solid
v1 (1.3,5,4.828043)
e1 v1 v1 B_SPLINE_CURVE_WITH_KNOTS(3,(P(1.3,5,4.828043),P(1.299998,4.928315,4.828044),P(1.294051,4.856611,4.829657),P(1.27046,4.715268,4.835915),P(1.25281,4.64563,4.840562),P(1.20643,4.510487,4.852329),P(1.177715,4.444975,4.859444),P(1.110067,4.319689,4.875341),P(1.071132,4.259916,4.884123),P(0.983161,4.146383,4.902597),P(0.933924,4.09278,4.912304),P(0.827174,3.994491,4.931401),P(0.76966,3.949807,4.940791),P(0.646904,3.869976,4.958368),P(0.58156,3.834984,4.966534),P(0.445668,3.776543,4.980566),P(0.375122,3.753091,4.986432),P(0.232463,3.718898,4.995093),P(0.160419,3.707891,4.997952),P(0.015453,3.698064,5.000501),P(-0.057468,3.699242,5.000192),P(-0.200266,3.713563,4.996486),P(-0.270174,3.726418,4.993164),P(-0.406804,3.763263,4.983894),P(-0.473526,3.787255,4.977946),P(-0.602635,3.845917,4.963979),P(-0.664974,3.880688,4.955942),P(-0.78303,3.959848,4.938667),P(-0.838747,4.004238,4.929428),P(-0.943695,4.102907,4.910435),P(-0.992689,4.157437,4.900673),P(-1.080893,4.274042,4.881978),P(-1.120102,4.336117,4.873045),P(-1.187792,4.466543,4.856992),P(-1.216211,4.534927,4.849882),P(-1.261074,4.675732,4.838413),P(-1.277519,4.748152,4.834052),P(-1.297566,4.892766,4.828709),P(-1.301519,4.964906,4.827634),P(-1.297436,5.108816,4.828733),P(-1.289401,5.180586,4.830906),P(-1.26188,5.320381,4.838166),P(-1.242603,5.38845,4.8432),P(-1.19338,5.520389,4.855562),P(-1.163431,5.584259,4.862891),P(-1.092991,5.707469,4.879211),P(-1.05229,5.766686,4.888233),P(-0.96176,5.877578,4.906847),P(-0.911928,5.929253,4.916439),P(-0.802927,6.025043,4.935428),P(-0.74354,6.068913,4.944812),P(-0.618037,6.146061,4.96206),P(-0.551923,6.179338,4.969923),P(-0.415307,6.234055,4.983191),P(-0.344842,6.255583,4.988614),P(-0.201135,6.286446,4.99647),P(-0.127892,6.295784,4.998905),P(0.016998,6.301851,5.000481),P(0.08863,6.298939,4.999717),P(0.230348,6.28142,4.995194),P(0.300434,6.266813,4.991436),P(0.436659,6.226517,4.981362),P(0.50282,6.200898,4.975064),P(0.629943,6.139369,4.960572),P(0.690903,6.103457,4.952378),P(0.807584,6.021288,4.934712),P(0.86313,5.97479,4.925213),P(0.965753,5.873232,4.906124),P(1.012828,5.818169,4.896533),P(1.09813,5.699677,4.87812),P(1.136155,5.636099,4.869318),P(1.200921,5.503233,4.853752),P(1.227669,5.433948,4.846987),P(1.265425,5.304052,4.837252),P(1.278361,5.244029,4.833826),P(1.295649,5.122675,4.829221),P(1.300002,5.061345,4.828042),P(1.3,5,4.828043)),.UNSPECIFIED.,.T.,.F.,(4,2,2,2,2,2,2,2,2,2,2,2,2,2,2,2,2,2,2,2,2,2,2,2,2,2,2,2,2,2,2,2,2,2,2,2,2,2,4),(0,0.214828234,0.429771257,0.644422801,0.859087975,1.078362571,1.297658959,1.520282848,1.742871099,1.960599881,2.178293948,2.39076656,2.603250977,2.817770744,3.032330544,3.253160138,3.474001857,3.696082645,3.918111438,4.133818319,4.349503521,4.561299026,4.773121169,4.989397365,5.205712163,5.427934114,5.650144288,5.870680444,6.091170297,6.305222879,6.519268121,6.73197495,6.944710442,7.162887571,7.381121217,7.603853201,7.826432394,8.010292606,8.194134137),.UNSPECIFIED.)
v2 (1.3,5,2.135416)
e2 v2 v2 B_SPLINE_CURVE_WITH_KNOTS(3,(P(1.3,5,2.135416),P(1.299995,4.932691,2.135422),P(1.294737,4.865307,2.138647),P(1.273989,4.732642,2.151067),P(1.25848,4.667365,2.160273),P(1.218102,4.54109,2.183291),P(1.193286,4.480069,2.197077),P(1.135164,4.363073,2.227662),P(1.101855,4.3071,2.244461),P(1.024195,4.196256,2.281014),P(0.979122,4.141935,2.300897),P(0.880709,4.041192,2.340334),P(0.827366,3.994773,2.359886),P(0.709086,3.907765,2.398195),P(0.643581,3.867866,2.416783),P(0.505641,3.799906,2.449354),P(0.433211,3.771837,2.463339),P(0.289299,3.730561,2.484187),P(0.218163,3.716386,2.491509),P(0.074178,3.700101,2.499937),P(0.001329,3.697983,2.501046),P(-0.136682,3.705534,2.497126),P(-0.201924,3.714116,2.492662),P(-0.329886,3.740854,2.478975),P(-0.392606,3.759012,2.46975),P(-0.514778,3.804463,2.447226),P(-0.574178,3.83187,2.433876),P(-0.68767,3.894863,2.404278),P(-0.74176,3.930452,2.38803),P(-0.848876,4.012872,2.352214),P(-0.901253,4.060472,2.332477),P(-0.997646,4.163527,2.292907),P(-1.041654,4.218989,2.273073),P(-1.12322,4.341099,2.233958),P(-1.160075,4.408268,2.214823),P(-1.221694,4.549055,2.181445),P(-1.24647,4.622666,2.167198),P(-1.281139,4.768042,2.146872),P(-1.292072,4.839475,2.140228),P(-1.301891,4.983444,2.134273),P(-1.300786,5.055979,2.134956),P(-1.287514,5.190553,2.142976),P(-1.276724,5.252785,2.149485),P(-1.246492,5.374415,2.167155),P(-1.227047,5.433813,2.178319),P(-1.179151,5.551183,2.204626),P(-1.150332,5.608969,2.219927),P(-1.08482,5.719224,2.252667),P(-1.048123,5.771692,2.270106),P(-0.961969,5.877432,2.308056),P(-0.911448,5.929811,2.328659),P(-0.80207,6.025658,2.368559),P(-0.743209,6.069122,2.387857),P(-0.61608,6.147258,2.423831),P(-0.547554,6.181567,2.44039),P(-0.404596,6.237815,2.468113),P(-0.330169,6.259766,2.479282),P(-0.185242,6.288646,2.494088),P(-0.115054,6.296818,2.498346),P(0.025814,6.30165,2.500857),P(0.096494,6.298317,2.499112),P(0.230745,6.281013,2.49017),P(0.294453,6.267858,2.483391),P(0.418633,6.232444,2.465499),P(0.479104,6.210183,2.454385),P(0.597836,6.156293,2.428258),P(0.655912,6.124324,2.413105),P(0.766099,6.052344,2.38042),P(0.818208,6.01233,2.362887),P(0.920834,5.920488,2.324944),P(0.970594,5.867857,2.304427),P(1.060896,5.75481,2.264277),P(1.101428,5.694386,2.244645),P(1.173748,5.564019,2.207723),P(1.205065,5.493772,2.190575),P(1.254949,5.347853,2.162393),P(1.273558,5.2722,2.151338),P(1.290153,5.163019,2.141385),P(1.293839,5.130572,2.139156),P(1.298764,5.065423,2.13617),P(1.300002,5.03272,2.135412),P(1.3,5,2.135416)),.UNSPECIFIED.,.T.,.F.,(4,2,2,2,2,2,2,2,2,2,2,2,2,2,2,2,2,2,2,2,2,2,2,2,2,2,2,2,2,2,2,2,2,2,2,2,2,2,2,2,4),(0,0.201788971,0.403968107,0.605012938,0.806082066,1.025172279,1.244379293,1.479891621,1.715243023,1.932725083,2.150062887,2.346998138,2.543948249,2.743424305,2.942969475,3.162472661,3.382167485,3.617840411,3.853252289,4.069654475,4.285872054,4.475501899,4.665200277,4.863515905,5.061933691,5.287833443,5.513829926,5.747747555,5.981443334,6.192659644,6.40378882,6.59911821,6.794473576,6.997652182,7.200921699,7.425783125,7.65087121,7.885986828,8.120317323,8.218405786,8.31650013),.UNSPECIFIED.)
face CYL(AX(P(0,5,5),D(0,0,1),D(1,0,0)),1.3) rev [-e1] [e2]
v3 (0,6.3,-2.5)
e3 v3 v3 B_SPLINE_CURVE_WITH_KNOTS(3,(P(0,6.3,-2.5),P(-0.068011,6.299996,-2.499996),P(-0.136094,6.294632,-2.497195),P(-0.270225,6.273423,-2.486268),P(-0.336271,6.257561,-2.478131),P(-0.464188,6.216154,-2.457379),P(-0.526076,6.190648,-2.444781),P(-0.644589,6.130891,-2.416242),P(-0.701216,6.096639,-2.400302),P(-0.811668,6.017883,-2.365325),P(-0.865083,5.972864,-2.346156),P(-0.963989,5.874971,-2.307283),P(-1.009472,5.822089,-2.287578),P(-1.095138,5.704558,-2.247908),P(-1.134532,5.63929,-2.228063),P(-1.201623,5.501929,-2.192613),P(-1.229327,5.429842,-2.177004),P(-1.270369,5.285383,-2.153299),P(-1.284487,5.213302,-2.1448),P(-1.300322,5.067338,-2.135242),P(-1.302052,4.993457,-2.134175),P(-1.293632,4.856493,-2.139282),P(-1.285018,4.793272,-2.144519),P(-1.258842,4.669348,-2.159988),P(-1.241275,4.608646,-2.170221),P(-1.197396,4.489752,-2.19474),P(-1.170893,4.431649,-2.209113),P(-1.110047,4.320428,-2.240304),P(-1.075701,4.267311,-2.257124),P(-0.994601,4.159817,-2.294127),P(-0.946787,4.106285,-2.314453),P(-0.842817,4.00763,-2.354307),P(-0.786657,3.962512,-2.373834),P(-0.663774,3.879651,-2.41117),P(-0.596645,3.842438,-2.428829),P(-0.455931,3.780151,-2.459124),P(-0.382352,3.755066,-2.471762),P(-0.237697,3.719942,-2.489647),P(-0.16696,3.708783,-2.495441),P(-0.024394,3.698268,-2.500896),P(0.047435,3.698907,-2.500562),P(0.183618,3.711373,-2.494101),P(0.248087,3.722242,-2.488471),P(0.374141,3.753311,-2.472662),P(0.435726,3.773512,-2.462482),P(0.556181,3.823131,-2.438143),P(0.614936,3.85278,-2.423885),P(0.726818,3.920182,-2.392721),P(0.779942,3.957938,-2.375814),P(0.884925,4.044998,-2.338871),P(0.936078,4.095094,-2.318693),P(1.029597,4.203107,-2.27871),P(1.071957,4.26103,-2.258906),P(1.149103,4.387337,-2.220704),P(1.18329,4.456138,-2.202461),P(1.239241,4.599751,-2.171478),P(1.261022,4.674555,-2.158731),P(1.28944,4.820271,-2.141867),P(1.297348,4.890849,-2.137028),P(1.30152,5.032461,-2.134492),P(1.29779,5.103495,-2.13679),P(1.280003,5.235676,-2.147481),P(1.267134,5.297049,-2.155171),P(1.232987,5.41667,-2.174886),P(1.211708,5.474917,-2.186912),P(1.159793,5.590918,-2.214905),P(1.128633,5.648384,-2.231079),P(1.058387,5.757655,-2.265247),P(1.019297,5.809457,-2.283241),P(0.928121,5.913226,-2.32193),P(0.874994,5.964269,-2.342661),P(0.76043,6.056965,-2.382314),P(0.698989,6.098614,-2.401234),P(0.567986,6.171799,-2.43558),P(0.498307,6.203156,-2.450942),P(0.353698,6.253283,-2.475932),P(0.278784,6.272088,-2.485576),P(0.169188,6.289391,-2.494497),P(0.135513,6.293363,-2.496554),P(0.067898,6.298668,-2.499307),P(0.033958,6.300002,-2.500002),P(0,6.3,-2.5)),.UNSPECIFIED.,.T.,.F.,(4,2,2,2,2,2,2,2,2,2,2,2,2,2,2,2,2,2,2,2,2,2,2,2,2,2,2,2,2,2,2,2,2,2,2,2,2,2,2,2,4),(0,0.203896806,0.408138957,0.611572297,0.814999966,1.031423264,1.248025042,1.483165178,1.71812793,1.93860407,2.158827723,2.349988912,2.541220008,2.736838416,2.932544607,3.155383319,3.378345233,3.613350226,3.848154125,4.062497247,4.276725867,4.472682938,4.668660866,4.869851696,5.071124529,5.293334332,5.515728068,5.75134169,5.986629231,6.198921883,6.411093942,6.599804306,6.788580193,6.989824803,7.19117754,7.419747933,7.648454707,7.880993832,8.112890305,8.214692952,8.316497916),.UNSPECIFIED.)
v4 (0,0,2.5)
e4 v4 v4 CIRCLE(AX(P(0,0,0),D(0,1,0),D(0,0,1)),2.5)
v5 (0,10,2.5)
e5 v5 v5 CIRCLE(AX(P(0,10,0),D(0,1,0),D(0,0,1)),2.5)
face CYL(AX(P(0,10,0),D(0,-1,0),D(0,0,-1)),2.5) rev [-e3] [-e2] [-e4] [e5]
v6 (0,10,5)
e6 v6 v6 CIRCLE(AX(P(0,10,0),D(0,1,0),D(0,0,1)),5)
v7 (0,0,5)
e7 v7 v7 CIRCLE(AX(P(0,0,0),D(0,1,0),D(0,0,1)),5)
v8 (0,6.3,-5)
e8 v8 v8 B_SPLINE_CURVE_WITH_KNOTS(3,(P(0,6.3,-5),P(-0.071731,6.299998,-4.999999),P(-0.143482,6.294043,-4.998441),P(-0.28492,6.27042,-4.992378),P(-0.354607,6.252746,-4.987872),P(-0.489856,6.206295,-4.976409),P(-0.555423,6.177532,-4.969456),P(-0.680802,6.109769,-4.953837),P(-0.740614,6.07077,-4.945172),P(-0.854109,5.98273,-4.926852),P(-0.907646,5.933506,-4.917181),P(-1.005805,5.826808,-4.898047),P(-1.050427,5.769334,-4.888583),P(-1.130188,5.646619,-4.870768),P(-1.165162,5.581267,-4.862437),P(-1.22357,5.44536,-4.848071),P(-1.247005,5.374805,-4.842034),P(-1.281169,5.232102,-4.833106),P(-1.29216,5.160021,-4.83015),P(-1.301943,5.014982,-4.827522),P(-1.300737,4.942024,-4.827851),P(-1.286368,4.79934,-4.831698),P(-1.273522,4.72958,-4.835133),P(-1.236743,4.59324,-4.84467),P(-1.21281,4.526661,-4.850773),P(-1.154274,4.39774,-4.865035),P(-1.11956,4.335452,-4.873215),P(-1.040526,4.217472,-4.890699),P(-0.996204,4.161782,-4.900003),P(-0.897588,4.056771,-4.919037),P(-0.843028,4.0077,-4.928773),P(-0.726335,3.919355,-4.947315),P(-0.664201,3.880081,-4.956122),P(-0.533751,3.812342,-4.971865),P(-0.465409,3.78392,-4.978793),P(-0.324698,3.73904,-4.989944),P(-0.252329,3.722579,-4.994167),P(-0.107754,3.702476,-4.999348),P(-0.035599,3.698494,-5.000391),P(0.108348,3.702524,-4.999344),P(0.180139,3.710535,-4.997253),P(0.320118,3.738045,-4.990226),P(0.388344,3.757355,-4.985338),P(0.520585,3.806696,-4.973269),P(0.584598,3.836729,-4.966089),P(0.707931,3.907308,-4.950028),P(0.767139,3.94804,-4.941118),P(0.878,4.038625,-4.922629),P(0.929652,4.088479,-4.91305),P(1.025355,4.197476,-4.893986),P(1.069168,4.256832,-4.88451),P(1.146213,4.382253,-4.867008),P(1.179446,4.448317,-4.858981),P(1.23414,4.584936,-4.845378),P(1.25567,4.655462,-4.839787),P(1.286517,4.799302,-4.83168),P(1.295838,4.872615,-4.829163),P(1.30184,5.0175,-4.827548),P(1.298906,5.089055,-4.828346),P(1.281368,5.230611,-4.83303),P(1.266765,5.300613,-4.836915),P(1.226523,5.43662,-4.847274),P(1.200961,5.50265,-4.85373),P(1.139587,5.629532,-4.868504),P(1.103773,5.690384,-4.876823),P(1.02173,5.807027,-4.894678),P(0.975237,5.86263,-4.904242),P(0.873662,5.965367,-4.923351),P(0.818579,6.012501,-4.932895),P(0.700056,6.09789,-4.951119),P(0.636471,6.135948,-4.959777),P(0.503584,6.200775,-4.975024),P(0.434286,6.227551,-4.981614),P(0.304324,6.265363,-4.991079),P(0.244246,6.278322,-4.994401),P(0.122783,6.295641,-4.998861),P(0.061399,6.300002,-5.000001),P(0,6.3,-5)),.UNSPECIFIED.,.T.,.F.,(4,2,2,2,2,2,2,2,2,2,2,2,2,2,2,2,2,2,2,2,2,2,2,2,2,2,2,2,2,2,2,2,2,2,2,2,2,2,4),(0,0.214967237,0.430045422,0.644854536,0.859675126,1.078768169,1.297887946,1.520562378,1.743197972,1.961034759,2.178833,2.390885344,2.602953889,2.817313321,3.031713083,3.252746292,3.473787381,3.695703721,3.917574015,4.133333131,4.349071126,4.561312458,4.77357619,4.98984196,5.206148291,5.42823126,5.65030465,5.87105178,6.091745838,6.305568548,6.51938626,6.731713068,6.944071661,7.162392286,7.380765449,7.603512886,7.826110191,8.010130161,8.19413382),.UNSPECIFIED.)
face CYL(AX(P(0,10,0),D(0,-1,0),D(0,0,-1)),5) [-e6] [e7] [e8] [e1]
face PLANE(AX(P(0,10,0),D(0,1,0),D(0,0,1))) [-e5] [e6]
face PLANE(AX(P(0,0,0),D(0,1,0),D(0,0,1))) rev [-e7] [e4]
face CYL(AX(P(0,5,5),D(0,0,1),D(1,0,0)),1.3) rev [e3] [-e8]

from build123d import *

# Parameters (mm, degrees)
SKETCH1_R            = 5
SKETCH1_R_2          = 2.5
BOSS_EXTRUDE1_DEPTH  = 10
M2_CLEARANCE_HOLE1_D = 2.6


with BuildPart() as part:
    # Sketch1 → Boss-Extrude1 (new body)
    with BuildSketch(Plane(origin=(0, 0, 0), x_dir=(1, 0, 0), z_dir=(0, 1, 0))):
        with Locations(Location((0, 0, 0), (0, 0, 270))):
            Circle(SKETCH1_R)
        with Locations(Location((0, 0, 0), (0, 0, 270))):
            Circle(SKETCH1_R_2, mode=Mode.SUBTRACT)
    extrude(amount=BOSS_EXTRUDE1_DEPTH)

    # M2 Clearance Hole1 (through all)
    with Locations(Plane.XY.offset(5)):
        with Locations((0, 5)):
            Hole(M2_CLEARANCE_HOLE1_D / 2)


solid = part.part
